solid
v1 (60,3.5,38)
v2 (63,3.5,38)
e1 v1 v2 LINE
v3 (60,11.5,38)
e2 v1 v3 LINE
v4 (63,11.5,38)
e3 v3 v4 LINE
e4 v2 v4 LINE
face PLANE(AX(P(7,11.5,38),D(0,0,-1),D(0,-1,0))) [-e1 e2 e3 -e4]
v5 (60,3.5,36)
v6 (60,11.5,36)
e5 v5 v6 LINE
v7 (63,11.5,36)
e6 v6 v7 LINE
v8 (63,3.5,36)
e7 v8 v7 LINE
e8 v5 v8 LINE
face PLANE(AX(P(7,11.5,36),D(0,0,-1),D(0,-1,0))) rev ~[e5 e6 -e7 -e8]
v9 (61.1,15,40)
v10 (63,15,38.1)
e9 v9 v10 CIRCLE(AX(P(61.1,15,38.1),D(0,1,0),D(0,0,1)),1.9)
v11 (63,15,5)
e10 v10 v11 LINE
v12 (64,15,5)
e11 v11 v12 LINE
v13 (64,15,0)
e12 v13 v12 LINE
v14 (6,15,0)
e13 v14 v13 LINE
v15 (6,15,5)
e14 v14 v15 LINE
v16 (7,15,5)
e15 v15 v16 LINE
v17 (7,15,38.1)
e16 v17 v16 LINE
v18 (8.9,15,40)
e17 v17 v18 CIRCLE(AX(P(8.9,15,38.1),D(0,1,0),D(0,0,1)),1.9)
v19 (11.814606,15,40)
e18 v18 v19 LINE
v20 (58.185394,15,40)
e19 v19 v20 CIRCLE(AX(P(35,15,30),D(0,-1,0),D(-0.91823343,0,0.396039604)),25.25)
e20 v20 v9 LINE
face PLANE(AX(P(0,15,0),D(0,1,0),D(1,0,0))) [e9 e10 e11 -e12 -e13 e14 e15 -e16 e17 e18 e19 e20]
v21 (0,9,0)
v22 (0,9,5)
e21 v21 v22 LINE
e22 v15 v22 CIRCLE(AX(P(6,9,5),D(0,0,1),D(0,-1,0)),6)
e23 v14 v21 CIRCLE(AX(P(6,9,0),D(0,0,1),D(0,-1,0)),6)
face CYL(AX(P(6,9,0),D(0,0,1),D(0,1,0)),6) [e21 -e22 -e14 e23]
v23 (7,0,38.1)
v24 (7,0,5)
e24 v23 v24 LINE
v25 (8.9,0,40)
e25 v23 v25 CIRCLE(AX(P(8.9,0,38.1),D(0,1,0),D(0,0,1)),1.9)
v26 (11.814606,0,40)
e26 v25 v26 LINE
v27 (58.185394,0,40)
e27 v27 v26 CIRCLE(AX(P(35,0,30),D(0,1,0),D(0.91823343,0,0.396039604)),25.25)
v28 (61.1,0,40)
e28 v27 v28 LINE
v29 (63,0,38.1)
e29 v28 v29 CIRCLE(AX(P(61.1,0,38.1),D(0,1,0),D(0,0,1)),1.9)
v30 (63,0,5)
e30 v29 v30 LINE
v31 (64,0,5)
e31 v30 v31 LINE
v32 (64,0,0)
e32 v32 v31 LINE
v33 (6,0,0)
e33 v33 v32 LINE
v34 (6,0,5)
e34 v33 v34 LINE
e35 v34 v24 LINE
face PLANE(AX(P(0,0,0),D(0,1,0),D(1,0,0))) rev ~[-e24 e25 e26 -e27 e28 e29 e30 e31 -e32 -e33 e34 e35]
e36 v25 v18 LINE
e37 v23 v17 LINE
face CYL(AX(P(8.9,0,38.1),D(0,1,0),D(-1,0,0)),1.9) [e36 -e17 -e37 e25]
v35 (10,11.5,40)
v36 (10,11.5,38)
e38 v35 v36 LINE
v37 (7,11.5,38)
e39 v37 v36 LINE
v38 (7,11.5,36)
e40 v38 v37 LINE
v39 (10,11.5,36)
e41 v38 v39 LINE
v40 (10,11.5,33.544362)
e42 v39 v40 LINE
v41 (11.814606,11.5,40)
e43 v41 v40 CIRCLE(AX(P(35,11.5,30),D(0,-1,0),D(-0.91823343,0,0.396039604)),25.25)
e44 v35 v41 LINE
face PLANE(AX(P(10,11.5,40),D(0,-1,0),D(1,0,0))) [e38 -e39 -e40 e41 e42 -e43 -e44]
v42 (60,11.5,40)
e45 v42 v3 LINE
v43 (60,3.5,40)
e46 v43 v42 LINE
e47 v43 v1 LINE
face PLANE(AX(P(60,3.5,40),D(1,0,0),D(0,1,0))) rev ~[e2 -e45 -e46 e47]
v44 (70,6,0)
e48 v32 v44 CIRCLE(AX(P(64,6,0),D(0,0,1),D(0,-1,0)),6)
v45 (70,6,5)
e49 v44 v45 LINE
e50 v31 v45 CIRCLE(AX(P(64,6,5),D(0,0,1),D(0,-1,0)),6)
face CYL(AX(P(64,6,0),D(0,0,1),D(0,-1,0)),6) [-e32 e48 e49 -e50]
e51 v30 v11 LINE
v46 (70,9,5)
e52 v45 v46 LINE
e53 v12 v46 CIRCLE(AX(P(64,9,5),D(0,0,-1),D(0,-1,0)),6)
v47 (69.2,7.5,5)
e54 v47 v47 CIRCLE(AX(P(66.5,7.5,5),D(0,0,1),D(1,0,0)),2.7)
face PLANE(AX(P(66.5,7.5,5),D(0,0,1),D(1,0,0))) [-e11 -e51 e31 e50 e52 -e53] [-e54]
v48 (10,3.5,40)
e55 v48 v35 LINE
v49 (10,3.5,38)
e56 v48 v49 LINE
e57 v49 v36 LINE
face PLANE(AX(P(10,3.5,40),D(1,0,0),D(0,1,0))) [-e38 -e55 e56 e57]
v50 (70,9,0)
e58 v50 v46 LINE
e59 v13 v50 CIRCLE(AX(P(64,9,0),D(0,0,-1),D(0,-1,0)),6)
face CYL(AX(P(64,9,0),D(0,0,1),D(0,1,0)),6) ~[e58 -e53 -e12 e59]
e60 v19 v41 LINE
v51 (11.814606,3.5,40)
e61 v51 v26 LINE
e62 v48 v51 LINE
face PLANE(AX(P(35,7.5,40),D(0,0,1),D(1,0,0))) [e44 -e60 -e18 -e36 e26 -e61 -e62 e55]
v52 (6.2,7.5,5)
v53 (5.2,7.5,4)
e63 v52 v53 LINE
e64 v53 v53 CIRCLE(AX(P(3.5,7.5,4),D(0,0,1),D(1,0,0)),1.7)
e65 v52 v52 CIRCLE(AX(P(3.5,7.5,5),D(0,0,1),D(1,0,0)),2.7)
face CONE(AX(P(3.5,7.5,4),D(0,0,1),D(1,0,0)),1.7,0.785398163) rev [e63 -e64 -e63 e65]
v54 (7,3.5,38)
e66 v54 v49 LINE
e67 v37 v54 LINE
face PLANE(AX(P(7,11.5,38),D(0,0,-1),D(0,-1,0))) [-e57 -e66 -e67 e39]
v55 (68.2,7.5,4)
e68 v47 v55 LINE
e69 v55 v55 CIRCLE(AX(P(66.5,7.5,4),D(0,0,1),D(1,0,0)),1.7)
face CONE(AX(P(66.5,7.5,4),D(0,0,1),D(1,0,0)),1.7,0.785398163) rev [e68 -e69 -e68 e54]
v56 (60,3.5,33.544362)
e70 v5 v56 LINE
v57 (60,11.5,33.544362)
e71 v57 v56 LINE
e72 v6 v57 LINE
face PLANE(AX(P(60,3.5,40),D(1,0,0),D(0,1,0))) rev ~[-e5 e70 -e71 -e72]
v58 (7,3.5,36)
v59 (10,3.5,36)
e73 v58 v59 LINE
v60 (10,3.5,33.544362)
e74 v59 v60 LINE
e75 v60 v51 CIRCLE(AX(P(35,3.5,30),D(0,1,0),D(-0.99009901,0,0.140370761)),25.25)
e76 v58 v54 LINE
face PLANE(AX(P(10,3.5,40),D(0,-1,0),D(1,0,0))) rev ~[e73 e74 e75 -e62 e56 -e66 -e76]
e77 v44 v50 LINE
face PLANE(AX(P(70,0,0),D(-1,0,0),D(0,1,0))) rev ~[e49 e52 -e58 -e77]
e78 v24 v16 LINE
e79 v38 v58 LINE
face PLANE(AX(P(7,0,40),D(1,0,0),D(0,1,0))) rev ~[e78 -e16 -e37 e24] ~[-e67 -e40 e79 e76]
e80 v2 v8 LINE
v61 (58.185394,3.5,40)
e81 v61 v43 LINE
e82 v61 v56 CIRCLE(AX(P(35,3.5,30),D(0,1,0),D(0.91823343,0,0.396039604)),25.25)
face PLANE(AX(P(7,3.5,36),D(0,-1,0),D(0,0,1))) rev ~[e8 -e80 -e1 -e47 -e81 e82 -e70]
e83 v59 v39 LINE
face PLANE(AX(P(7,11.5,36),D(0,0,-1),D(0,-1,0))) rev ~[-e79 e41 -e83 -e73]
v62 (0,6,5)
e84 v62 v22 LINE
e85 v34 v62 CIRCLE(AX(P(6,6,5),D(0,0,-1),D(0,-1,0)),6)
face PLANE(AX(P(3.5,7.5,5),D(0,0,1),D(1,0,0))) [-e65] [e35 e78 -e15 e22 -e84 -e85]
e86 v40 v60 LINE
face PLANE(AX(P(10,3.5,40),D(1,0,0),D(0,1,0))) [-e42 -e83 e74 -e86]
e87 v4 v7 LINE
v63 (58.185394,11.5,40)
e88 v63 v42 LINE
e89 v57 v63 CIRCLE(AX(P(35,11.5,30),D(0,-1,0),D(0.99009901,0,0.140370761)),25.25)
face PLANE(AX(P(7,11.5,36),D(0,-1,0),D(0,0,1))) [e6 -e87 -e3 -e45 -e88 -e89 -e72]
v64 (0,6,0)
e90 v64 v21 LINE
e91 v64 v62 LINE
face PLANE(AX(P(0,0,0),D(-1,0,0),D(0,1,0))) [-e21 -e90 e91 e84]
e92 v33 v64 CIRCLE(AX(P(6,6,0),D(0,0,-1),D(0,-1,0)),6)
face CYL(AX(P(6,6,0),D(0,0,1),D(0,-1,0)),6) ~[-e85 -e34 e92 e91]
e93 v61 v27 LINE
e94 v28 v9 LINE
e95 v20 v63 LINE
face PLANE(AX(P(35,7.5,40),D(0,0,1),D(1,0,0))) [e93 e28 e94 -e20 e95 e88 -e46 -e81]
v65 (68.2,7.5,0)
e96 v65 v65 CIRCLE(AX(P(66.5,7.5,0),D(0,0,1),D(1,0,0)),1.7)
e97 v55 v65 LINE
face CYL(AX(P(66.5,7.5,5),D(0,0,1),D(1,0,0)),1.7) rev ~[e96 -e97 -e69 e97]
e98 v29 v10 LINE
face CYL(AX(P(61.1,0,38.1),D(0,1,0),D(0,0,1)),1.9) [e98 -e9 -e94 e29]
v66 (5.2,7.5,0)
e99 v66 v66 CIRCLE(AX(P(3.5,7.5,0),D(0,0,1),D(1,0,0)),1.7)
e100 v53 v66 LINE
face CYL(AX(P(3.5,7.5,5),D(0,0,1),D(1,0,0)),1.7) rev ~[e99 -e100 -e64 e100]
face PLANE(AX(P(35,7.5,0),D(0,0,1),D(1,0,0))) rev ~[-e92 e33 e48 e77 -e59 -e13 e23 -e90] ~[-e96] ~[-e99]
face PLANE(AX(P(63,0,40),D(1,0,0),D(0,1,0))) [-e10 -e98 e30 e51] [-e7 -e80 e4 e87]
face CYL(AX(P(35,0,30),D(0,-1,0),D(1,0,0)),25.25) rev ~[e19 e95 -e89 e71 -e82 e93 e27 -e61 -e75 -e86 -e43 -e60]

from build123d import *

# Parameters (mm, degrees)
SKETCH_W        = 70
SKETCH_H        = 15
PAD_DEPTH       = 40
SKETCH001_R     = 25.25
POCKET_DEPTH    = 15
SKETCH002_W     = 7
SKETCH002_H     = 15
POCKET001_DEPTH = 35
SKETCH003_R     = 1.7
POCKET002_DEPTH = 5
SKETCH004_W     = 2
SKETCH004_H     = 8
POCKET003_DEPTH = 11
SKETCH005_W     = 8
SKETCH005_H     = 2
POCKET004_DEPTH = 57
FILLET_R        = 1.9
CHAMFER_SIZE    = 1
FILLET001_R     = 6


with BuildPart() as part:
    # Sketch → Pad (new body)
    with BuildSketch(Plane.XY):
        with Locations((35, 7.5)):
            Rectangle(SKETCH_W, SKETCH_H)
    extrude(amount=PAD_DEPTH)

    # Sketch001 (on Face1 of Pad) → Pocket (cut)
    with BuildSketch(Plane.XZ):
        with Locations((35, 30)):
            Circle(SKETCH001_R)
    extrude(amount=-POCKET_DEPTH, mode=Mode.SUBTRACT)

    # Sketch002 (on Face7 of Pocket) → Pocket001 (cut)
    with BuildSketch(Plane.XY.offset(40)):
        with Locations((3.5, 7.5)):
            Rectangle(SKETCH002_W, SKETCH002_H)
        with Locations((66.5, 7.5)):
            Rectangle(SKETCH002_W, SKETCH002_H)
    extrude(amount=-POCKET001_DEPTH, mode=Mode.SUBTRACT)

    # Sketch003 (on Face11 of Pocket001) → Pocket002 (cut)
    with BuildSketch(Plane.XY.offset(5)):
        with Locations((3.5, 7.5)):
            Circle(SKETCH003_R)
        with Locations((66.5, 7.5)):
            Circle(SKETCH003_R)
    extrude(amount=-POCKET002_DEPTH, mode=Mode.SUBTRACT)

    # Sketch004 (on Face9 of Pocket002) → Pocket003 (cut)
    with BuildSketch(Plane.XY.offset(40)):
        with Locations((11, 7.5)):
            Rectangle(SKETCH004_W, SKETCH004_H)
        with Locations((59, 7.5)):
            Rectangle(SKETCH004_W, SKETCH004_H)
    extrude(amount=-POCKET003_DEPTH, mode=Mode.SUBTRACT)

    # Sketch005 (on Face10 of Pocket003) → Pocket004 (cut)
    with BuildSketch(Plane(origin=(7, 0, 0), x_dir=(0, -1, 0), z_dir=(-1, 0, 0))):
        with Locations((-7.5, 37)):
            Rectangle(SKETCH005_W, SKETCH005_H)
    extrude(amount=-POCKET004_DEPTH, mode=Mode.SUBTRACT)

    # Fillet
    fillet_edges = [part.edges().sort_by_distance(p)[0] for p in [
        (7, 7.5, 40),
        (63, 7.5, 40),
    ]]
    fillet(fillet_edges, radius=FILLET_R)

    # Chamfer
    chamfer_edges = [part.edges().sort_by_distance(p)[0] for p in [
        (1.8, 7.5, 5),
        (64.8, 7.5, 5),
    ]]
    chamfer(chamfer_edges, length=CHAMFER_SIZE)

    # Fillet001
    fillet001_edges = [part.edges().sort_by_distance(p)[0] for p in [
        (0, 0, 2.5),
        (0, 15, 2.5),
        (70, 0, 2.5),
        (70, 15, 2.5),
    ]]
    fillet(fillet001_edges, radius=FILLET001_R)


solid = part.part
